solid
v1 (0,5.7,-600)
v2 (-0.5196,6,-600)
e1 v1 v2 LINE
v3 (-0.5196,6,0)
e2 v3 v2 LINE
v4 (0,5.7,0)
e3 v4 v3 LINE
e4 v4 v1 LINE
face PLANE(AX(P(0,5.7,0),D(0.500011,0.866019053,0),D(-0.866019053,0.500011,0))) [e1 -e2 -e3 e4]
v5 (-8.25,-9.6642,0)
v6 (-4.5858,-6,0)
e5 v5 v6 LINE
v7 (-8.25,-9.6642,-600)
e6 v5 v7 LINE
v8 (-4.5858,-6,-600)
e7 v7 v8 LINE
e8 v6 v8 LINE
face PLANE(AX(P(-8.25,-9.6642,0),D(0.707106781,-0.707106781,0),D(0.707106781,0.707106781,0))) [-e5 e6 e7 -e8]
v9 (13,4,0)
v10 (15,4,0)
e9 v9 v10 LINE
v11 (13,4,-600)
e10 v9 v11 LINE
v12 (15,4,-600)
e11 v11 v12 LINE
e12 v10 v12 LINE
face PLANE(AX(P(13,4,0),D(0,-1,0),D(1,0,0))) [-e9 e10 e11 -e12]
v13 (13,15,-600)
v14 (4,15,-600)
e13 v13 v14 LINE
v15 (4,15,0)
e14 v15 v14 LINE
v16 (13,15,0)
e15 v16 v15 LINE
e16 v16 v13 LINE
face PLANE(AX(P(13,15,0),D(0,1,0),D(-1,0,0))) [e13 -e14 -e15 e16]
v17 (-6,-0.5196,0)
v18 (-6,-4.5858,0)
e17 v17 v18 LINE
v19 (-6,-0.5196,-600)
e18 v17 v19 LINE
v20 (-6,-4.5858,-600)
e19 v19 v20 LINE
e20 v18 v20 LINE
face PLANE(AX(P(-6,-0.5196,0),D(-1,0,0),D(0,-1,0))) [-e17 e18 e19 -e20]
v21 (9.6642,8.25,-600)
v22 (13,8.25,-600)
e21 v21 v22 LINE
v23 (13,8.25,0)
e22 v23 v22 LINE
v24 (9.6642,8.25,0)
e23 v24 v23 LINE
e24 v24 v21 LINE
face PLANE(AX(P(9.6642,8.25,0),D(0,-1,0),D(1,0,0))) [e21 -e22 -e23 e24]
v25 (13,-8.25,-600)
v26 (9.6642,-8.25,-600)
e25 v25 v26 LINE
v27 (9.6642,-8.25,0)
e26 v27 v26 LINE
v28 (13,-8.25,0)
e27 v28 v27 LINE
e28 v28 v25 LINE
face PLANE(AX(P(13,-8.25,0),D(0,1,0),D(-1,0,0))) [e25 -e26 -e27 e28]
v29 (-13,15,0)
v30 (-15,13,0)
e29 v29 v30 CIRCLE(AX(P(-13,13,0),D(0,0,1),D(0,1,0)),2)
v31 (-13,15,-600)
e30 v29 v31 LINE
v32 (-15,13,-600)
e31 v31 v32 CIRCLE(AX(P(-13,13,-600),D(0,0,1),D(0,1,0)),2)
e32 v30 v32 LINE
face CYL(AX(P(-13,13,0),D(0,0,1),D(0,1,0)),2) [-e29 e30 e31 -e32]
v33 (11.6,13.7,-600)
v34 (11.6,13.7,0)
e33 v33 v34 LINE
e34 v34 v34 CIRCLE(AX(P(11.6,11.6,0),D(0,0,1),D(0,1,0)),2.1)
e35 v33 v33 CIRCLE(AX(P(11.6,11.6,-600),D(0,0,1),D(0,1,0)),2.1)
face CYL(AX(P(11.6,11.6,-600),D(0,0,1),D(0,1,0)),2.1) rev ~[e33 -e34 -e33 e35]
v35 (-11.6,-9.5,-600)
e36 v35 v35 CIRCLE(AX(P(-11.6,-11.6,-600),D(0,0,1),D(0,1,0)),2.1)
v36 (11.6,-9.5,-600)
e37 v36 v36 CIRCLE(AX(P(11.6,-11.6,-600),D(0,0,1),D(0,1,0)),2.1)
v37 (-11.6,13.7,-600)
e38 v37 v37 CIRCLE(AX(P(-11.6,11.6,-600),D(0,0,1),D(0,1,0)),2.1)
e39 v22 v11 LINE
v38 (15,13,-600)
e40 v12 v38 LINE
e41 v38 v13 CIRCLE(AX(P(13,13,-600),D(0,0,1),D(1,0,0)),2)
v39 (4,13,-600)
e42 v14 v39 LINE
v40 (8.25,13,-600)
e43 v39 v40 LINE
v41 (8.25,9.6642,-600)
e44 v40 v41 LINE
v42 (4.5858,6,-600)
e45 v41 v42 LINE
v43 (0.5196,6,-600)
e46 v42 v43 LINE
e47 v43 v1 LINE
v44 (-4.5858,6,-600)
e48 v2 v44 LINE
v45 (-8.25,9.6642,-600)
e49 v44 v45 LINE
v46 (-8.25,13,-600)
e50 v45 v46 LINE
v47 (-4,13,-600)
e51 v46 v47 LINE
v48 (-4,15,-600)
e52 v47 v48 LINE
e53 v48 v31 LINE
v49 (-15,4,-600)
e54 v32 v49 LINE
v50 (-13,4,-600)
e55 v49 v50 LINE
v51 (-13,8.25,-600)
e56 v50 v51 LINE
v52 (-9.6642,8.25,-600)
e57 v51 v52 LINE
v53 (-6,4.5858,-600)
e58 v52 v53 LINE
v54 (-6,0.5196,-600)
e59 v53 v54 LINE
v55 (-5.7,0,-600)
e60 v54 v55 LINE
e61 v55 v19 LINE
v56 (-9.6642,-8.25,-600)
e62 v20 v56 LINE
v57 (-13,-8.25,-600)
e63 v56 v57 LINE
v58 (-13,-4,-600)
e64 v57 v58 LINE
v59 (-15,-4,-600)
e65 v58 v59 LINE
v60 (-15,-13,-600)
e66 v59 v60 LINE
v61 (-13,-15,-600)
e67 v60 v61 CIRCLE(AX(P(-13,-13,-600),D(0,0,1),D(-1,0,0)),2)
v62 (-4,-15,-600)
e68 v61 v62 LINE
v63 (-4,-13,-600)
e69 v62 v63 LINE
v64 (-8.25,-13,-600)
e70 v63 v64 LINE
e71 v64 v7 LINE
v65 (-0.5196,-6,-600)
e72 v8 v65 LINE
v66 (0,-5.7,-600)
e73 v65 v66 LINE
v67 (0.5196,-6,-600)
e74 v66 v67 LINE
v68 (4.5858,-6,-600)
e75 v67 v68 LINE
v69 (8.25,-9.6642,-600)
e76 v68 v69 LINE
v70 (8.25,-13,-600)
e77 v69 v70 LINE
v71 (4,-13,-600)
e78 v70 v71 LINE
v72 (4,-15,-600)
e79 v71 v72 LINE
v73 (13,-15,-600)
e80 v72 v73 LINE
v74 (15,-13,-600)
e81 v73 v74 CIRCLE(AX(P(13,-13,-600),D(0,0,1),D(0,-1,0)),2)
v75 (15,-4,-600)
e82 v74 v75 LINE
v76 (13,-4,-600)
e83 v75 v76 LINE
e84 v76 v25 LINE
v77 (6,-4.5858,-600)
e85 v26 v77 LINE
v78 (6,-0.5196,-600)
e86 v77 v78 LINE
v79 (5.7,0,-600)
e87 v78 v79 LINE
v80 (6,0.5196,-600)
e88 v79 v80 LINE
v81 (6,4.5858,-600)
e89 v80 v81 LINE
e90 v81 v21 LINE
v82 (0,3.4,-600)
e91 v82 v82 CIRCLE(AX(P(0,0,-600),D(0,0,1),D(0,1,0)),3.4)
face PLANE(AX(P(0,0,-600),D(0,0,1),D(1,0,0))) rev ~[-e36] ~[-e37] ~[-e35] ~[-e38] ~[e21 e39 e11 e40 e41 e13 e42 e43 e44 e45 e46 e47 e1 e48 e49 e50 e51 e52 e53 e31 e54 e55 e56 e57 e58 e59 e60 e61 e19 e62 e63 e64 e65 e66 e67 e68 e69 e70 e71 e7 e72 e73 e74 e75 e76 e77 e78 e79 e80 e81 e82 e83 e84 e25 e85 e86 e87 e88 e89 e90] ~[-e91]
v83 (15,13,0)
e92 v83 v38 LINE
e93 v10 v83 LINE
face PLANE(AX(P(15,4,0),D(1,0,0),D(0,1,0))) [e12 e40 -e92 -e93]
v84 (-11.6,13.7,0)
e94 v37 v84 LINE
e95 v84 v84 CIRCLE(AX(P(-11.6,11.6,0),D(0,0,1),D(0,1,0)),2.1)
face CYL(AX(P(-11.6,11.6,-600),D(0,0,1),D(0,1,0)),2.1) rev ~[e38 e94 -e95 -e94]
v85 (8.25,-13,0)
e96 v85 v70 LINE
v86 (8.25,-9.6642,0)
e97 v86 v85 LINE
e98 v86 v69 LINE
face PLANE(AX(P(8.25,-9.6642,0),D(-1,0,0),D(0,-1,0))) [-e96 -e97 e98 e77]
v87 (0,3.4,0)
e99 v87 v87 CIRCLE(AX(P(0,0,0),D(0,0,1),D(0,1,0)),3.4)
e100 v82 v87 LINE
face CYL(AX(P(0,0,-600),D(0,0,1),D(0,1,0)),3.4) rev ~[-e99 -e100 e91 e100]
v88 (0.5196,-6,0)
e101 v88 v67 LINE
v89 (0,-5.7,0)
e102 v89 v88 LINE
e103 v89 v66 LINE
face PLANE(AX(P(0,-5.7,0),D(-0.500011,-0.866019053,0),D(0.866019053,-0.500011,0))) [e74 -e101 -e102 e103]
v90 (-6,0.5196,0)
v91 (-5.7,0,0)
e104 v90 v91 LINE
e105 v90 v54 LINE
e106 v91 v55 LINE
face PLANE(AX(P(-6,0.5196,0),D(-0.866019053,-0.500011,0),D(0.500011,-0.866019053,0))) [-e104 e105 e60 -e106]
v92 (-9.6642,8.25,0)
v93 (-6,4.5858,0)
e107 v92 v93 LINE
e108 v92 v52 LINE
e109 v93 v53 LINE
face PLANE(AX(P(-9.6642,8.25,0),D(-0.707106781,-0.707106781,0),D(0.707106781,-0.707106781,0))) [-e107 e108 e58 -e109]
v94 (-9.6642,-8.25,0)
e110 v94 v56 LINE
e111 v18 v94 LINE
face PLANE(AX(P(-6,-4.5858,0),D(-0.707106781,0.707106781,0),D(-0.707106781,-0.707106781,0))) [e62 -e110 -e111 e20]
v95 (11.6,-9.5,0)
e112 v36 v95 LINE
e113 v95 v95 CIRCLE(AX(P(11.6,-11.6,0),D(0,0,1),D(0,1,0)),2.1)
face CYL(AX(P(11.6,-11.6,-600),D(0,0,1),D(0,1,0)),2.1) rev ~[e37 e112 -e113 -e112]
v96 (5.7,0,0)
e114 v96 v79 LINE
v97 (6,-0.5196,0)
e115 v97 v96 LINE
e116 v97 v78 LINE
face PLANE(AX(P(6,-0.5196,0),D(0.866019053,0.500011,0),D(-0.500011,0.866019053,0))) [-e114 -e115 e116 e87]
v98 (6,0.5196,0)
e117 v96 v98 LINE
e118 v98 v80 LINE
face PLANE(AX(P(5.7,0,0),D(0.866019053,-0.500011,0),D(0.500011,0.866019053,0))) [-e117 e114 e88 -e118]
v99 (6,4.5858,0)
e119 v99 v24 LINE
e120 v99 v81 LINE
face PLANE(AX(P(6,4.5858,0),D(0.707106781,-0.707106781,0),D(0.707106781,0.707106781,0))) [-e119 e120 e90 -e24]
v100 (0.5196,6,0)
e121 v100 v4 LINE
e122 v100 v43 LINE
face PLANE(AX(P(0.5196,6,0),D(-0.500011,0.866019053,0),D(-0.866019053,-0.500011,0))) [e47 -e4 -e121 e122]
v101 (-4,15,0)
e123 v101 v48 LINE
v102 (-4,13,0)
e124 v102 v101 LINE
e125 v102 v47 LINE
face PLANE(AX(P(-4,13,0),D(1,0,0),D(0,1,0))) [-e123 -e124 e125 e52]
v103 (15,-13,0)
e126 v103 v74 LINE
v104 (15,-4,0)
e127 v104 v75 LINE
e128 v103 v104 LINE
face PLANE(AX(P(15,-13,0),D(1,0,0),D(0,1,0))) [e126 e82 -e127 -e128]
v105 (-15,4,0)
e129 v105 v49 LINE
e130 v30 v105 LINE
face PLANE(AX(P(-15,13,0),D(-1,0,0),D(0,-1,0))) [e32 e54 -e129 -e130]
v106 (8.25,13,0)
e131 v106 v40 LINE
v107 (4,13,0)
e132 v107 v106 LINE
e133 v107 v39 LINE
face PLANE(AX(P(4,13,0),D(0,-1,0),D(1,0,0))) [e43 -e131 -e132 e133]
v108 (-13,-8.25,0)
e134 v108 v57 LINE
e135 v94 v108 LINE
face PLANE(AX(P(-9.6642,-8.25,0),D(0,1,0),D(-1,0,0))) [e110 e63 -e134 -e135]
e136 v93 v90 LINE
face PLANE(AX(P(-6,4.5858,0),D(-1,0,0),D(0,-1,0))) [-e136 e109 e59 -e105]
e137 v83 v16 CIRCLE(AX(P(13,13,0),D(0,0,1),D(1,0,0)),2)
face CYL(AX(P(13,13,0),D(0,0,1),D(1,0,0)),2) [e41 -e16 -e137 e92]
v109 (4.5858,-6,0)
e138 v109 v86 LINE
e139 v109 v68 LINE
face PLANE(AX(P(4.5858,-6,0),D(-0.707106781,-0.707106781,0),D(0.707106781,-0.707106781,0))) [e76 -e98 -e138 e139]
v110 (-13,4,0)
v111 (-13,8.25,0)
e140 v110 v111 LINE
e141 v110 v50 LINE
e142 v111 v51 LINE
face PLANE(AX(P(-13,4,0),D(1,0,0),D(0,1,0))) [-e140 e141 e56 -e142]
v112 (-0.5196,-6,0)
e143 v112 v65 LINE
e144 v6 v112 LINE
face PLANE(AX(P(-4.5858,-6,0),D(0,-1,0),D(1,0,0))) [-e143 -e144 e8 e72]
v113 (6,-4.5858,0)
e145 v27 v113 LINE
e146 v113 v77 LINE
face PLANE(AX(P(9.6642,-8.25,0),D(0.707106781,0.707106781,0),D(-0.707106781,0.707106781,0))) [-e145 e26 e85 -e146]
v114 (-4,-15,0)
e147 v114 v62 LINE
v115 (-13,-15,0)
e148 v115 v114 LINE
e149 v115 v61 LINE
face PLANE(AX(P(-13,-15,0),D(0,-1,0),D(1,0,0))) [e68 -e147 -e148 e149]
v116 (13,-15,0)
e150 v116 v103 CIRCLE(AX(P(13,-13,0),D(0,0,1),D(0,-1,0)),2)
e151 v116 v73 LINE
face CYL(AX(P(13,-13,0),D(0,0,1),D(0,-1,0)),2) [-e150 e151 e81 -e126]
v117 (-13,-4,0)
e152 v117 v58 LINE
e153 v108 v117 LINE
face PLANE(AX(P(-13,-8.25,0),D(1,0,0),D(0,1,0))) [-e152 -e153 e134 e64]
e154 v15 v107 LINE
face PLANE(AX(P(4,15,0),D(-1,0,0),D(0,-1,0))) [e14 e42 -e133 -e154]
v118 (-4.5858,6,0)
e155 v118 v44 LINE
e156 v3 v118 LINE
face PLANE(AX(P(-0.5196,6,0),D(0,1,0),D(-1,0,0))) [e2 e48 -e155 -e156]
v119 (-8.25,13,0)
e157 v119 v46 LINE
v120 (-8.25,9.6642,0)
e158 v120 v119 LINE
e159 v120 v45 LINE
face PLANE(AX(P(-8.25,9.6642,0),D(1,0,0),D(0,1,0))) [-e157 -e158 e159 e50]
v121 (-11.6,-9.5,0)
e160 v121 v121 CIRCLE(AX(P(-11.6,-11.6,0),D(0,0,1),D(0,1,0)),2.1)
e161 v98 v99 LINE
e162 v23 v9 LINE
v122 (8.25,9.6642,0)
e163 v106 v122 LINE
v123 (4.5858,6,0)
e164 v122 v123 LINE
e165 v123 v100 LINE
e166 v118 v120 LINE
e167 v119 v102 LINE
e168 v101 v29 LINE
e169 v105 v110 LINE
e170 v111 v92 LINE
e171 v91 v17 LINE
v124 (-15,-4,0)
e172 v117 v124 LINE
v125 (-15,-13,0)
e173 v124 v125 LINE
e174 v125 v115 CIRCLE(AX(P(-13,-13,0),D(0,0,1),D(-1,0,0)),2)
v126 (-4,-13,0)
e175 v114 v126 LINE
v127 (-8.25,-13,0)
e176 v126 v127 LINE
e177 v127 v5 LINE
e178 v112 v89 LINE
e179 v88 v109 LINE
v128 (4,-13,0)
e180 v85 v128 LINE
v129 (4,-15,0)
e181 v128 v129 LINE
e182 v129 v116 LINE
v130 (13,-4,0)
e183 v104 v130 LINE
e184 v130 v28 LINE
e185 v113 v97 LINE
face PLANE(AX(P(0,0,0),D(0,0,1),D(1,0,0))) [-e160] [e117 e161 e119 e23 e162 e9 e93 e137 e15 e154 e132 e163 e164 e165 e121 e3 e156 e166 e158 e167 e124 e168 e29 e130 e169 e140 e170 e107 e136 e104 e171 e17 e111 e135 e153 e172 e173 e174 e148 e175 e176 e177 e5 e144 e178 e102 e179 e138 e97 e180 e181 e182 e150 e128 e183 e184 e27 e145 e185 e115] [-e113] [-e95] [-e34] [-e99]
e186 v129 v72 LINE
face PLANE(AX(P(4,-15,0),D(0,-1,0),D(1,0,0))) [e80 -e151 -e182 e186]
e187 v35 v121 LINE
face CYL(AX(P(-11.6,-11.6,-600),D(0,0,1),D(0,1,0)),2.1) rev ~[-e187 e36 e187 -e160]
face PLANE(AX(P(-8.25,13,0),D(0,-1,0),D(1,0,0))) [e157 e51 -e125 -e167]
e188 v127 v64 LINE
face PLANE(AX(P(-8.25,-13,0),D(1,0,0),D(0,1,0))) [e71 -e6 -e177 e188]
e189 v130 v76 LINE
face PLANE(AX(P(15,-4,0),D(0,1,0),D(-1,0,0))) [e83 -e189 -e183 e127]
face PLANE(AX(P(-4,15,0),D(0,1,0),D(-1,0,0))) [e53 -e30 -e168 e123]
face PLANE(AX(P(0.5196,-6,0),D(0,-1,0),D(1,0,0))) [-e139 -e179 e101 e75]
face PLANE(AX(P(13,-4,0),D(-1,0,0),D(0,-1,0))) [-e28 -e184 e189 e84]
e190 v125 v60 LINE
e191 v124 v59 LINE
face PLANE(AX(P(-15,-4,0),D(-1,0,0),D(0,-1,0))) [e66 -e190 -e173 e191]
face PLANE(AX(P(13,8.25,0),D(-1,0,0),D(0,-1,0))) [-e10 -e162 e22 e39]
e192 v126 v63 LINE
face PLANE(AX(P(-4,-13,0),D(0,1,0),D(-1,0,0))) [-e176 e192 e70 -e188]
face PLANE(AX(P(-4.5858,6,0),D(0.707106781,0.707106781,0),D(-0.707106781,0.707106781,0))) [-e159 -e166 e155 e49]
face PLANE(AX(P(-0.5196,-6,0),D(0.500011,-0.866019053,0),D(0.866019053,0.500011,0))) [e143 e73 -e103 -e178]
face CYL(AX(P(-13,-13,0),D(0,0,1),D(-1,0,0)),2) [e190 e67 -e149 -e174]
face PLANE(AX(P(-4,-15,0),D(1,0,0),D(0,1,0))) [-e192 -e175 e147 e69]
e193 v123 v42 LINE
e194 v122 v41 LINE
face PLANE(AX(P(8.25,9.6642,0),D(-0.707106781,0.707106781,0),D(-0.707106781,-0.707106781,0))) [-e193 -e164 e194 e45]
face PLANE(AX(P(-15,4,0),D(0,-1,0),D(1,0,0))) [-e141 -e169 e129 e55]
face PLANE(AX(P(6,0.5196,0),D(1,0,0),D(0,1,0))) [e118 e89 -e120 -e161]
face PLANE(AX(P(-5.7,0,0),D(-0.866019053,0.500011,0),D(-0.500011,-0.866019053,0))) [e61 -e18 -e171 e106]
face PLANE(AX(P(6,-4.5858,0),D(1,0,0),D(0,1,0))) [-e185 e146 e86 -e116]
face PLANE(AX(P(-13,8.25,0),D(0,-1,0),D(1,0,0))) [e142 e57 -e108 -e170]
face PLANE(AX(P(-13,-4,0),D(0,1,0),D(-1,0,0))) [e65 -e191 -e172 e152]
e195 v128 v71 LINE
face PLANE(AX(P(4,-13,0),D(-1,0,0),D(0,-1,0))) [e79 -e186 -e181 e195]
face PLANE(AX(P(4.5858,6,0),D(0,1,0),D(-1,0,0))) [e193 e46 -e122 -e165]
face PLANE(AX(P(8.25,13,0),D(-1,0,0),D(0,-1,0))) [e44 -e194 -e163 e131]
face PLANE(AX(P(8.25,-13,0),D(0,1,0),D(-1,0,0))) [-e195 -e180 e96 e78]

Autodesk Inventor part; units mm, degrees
sketch "Sketch_1" plane through (0, 0, 0) normal (0, 0, 1) x (1, 0, 0)
  line L0 (-15, 4) -> (-13, 4)
  line L1 (-13, 4) -> (-13, 8.25)
  line L2 (-13, 8.25) -> (-9.6642, 8.25)
  line L3 (-9.6642, 8.25) -> (-6, 4.5858)
  line L4 (-6, 4.5858) -> (-6, 0.5196)
  line L5 (-6, 0.5196) -> (-5.7, 0)
  line L6 (-5.7, 0) -> (-6, -0.5196)
  line L7 (-6, -0.5196) -> (-6, -4.5858)
  line L8 (-6, -4.5858) -> (-9.6642, -8.25)
  line L9 (-9.6642, -8.25) -> (-13, -8.25)
  line L10 (-13, -8.25) -> (-13, -4)
  line L11 (-13, -4) -> (-15, -4)
  line L12 (-15, -4) -> (-15, -13)
  arc A0 (-15, -13) -> (-13, -15) centre (-13, -13) ccw
  line L13 (-13, -15) -> (-4, -15)
  line L14 (-4, -15) -> (-4, -13)
  line L15 (-4, -13) -> (-8.25, -13)
  line L16 (-8.25, -13) -> (-8.25, -9.6642)
  line L17 (-8.25, -9.6642) -> (-4.5858, -6)
  line L18 (-4.5858, -6) -> (-0.5196, -6)
  line L19 (-0.5196, -6) -> (0, -5.7)
  line L20 (0, -5.7) -> (0.5196, -6)
  line L21 (0.5196, -6) -> (4.5858, -6)
  line L22 (4.5858, -6) -> (8.25, -9.6642)
  line L23 (8.25, -9.6642) -> (8.25, -13)
  line L24 (8.25, -13) -> (4, -13)
  line L25 (4, -13) -> (4, -15)
  line L26 (4, -15) -> (13, -15)
  arc A1 (13, -15) -> (15, -13) centre (13, -13) ccw
  line L27 (15, -13) -> (15, -4)
  line L28 (15, -4) -> (13, -4)
  line L29 (13, -4) -> (13, -8.25)
  line L30 (13, -8.25) -> (9.6642, -8.25)
  line L31 (9.6642, -8.25) -> (6, -4.5858)
  line L32 (6, -4.5858) -> (6, -0.5196)
  line L33 (6, -0.5196) -> (5.7, 0)
  line L34 (5.7, 0) -> (6, 0.5196)
  line L35 (6, 0.5196) -> (6, 4.5858)
  line L36 (6, 4.5858) -> (9.6642, 8.25)
  line L37 (9.6642, 8.25) -> (13, 8.25)
  line L38 (13, 8.25) -> (13, 4)
  line L39 (13, 4) -> (15, 4)
  line L40 (15, 4) -> (15, 13)
  arc A2 (15, 13) -> (13, 15) centre (13, 13) ccw
  line L41 (13, 15) -> (4, 15)
  line L42 (4, 15) -> (4, 13)
  line L43 (4, 13) -> (8.25, 13)
  line L44 (8.25, 13) -> (8.25, 9.6642)
  line L45 (8.25, 9.6642) -> (4.5858, 6)
  line L46 (4.5858, 6) -> (0.5196, 6)
  line L47 (0.5196, 6) -> (0, 5.7)
  line L48 (0, 5.7) -> (-0.5196, 6)
  line L49 (-0.5196, 6) -> (-4.5858, 6)
  line L50 (-4.5858, 6) -> (-8.25, 9.6642)
  line L51 (-8.25, 9.6642) -> (-8.25, 13)
  line L52 (-8.25, 13) -> (-4, 13)
  line L53 (-4, 13) -> (-4, 15)
  line L54 (-4, 15) -> (-13, 15)
  arc A3 (-13, 15) -> (-15, 13) centre (-13, 13) ccw
  line L55 (-15, 13) -> (-15, 4)
extrude "Extrusion1" add sketch "Sketch_1" against normal blind 600
sketch "Sketch2" plane through (0, 0, -600) normal (0, 0, -1) x (-1, 0, 0)
  point P0 (0, 0)
hole "Hole1" at (0, 0, -600) direction (0, 0, 1) diameter 6.8 depth 600
sketch "Sketch3" plane through (0, 0, -600) normal (0, 0, -1) x (-1, 0, 0)
  point P0 (-11.6, 11.6)
hole "Hole2" at (11.6, 11.6, -600) direction (0, 0, 1) diameter 4.2 depth 600
pattern_linear "Rectangular Pattern1" count 2 spacing 23.2 along (-1, 0, 0) count 2 spacing 23.2 along (0, -1, 0) of "Hole2"
ref_plane "C1_XY" through (0, 0, 0) normal (0, 0, 1) x (1, 0, 0)
ref_plane "C1_YZ" through (0, 0, 0) normal (1, 0, 0) x (0, 1, 0)
ref_plane "C1_ZX" through (0, 0, 0) normal (0, 1, 0) x (0, 0, 1)
ref_plane "to_frame_cap1_XY" through (0, 0, 0) normal (0, 0, 1) x (1, 0, 0)
ref_plane "to_frame_cap1_YZ" through (0, 0, 0) normal (1, 0, 0) x (0, 1, 0)
ref_plane "to_frame_cap1_ZX" through (0, 0, 0) normal (0, 1, 0) x (0, 0, 1)
ref_plane "to_frame_cap2_XY" through (0, 0, -600) normal (0, 0, -1) x (1, 0, 0)
ref_plane "to_frame_cap2_YZ" through (0, 0, -600) normal (1, 0, 0) x (0, -1, 0)
ref_plane "to_frame_cap2_ZX" through (0, 0, -600) normal (0, -1, 0) x (0, 0, -1)
properties part number "HFS6-3030-600"
